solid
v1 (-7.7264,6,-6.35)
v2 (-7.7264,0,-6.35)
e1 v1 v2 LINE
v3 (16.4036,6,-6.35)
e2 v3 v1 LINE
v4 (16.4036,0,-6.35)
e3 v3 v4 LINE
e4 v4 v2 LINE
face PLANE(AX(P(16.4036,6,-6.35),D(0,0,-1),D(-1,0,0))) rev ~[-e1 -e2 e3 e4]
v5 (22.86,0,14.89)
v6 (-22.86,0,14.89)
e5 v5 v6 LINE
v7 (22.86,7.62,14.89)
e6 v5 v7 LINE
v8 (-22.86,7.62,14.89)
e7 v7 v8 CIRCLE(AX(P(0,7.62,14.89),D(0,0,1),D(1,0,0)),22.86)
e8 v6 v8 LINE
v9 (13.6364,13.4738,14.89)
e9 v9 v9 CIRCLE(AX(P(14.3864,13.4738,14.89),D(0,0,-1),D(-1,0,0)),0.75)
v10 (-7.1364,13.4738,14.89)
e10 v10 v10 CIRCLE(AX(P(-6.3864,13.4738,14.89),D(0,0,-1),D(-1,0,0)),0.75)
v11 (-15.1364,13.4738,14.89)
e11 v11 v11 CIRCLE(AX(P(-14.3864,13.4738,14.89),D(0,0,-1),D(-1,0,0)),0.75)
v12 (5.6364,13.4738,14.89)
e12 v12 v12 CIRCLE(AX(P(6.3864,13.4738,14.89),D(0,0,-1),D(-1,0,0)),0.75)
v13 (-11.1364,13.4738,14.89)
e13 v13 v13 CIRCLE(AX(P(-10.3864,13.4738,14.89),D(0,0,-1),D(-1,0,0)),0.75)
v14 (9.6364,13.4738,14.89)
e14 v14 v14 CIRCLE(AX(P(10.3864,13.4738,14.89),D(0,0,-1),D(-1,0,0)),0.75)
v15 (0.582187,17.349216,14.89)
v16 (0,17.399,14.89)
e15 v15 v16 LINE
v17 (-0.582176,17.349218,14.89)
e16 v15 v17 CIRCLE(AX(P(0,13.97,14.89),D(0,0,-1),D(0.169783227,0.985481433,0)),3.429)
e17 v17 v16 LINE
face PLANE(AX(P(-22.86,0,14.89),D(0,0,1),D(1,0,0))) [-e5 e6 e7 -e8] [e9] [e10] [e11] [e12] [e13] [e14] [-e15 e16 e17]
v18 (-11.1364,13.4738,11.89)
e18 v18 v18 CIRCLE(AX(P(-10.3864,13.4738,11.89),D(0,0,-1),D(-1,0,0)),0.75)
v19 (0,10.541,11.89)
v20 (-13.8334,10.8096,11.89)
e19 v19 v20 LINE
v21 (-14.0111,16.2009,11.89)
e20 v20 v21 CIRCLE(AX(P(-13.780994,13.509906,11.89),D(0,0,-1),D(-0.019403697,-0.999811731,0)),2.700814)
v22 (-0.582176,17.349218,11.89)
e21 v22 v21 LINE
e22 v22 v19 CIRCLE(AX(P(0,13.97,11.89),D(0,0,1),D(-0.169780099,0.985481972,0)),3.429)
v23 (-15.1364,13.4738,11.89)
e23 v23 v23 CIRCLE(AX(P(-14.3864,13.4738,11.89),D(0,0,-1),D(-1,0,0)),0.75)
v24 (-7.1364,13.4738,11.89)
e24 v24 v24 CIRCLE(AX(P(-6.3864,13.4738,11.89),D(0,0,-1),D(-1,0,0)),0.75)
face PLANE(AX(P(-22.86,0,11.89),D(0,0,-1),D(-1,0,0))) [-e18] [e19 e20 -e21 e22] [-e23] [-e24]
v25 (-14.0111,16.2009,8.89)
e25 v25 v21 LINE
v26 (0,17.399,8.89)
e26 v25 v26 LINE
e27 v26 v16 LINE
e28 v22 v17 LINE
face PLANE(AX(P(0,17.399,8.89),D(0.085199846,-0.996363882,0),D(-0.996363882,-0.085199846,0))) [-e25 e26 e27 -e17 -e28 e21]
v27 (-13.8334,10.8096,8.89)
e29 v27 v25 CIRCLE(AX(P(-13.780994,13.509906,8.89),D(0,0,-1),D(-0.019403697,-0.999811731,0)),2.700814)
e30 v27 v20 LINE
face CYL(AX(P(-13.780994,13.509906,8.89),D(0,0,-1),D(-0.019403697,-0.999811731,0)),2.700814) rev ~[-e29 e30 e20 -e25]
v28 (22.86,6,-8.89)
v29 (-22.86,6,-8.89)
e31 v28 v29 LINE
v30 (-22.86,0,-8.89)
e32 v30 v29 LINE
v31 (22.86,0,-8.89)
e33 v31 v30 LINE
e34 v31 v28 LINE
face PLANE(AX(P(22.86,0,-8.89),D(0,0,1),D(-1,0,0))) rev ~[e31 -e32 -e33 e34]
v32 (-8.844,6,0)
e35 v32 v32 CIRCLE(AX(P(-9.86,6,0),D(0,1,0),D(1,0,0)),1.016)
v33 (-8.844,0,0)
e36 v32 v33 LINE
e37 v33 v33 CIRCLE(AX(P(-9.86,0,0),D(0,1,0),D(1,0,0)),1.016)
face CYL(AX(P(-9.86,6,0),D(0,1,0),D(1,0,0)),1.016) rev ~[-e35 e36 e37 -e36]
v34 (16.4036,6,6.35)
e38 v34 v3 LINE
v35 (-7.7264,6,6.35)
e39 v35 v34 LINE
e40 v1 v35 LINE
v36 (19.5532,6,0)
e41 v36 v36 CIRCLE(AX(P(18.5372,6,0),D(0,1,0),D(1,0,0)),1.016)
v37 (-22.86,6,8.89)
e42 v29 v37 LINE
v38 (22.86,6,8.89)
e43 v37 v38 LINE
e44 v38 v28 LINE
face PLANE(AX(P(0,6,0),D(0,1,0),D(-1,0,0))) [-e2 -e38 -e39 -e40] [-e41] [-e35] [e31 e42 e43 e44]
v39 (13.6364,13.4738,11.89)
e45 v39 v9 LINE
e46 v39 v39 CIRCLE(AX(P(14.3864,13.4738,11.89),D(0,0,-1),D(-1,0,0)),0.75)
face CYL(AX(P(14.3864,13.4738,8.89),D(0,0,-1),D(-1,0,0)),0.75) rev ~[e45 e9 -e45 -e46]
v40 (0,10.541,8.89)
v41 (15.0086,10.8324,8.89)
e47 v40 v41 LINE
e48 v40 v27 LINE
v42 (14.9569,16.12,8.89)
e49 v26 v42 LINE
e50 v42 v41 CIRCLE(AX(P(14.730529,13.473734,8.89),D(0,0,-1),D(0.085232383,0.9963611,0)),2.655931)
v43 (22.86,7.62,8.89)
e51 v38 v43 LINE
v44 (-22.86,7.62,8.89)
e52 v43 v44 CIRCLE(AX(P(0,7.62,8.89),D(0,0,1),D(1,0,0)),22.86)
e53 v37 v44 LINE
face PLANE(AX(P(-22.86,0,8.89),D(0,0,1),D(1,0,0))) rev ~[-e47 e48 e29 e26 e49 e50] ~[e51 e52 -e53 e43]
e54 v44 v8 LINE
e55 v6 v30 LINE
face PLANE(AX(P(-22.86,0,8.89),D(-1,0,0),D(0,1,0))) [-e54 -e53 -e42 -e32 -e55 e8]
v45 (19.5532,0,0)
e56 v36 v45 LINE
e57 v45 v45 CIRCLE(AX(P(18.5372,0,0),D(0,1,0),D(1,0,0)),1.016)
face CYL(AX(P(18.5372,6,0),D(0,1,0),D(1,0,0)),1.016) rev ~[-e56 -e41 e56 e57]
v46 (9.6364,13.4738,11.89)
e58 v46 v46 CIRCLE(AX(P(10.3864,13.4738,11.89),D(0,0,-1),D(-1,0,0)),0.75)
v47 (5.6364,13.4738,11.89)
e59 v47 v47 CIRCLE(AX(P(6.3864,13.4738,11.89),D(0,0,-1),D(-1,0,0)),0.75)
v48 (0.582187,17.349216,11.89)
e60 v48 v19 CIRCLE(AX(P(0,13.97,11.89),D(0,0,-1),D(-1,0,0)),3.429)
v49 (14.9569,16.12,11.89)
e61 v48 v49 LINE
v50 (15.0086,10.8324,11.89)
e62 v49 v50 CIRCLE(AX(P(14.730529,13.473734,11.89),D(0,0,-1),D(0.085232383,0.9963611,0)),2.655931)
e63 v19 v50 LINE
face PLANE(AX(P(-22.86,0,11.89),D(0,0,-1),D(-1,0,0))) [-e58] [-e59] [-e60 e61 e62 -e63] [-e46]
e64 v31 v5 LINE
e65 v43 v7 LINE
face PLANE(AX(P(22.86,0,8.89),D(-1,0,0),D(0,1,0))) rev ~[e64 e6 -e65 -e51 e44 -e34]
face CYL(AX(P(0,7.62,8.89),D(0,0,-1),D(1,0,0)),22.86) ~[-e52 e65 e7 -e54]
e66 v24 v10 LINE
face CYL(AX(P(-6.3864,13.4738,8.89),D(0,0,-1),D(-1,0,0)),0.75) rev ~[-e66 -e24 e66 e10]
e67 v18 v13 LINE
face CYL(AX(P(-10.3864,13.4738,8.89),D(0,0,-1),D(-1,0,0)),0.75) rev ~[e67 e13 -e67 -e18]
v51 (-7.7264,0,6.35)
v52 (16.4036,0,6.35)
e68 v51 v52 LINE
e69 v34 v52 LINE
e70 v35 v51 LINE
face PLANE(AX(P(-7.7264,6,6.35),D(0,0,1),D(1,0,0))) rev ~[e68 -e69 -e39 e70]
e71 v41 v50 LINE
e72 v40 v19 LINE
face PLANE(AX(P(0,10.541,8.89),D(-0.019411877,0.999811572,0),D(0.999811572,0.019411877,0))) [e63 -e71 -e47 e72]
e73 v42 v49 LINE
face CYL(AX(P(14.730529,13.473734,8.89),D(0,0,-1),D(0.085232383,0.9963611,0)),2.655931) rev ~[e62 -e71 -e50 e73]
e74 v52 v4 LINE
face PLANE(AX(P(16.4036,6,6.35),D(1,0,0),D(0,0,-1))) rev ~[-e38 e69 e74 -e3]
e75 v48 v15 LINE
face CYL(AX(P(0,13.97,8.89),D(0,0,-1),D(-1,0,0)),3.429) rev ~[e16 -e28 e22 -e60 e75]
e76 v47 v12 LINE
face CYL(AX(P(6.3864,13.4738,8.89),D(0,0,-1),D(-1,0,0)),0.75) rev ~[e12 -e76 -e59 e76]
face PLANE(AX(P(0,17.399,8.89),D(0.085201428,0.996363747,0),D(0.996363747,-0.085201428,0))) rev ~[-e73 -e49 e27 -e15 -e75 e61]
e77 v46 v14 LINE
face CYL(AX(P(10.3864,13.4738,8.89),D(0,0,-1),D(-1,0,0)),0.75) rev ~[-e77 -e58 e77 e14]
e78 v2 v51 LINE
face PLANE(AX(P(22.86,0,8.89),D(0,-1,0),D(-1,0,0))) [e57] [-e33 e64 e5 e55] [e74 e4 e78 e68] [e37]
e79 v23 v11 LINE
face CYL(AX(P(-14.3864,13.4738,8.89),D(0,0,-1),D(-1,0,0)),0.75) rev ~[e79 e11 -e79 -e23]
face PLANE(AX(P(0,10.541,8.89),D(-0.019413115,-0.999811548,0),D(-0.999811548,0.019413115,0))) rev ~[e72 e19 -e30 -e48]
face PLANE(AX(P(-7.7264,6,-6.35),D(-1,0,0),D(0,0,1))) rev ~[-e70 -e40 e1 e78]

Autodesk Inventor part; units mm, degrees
ref_plane "YZ Plane" through (0, 0, 0) normal (1, 0, 0) x (0, 1, 0)
ref_plane "XZ Plane" through (0, 0, 0) normal (0, 1, 0) x (-1, 0, 0)
ref_plane "XY Plane" through (0, 0, 0) normal (0, 0, 1) x (1, 0, 0)
sketch "Sketch1" plane through (0, 0, 0) normal (0, 1, 0) x (-1, 0, 0)
  line L0 (22.86, 8.89) -> (-22.86, 8.89)
  line L1 (-22.86, 8.89) -> (-22.86, -8.89)
  line L2 (-22.86, -8.89) -> (22.86, -8.89)
  line L3 (22.86, -8.89) -> (22.86, 8.89)
  point P0 (0, 0)
  point P1 (0, 0)
  point P2 (0, -8.89)
  point P3 (22.86, 0)
  dimension "d0" = 45.72
  dimension "d1" = 17.78
extrude "Extrusion1" add sketch "Sketch1" along normal blind 6
sketch "Sketch2" plane through (0, 6, 0) normal (0, 1, 0) x (1, 0, 0)
  line L0 (-7.7264, -6.35) -> (16.4036, -6.35)
  line L1 (16.4036, -6.35) -> (16.4036, 6.35)
  line L2 (16.4036, 6.35) -> (-7.7264, 6.35)
  line L3 (-7.7264, 6.35) -> (-7.7264, -6.35)
  circle A0 centre (-9.86, 0) radius 1.016
  circle A1 centre (18.5372, 0) radius 1.016
  line L4 (22.86, -8.89) -> (22.86, 8.89) projected
  line L5 (-22.86, 8.89) -> (-22.86, -8.89) projected
  point P0 (4.3386, 0)
  point P1 (4.3386, 0)
  point P2 (-7.7264, 0)
  point P3 (4.3386, 6.35)
  point P4 (-22.86, 0)
  dimension "d4" = 24.13
  dimension "d5" = 12.7
  dimension "d6" = 2.032
  dimension "d7" = 2.032
  dimension "d8" = 2.1336
  dimension "d9" = 2.1336
  dimension "d31" = 13
extrude "Extrusion2" cut sketch "Sketch2" against normal through all
sketch "Sketch3" plane through (-22.86, 0, 8.89) normal (0, 0, 1) x (1, 0, 0)
  line L0 (45.72, 0) -> (0, 0) projected
  line L1 (0, 0) -> (0, 7.62)
  line L2 (45.72, 0) -> (45.72, 7.62)
  arc A0 (45.72, 7.62) -> (0, 7.62) centre (22.86, 7.62) ccw
  point P0 (22.86, 0)
  dimension "d12" = 7.62
  dimension "d13" = 7.62
extrude "Extrusion3" add sketch "Sketch3" along normal blind 6
sketch "Sketch4" plane through (-22.86, 0, 8.89) normal (0, 0, -1) x (-1, 0, 0)
  arc A0 (0, 7.62) -> (-45.72, 7.62) centre (-22.86, 7.62) ccw projected
  circle A1 centre (-22.86, 13.97) radius 3.429
  line L0 (-22.86, 17.399) -> (-37.8169, 16.12)
  line L1 (-22.86, 10.541) -> (-37.8686, 10.8324)
  arc A2 (-37.8169, 16.12) -> (-37.8686, 10.8324) centre (-37.5906, 13.4738) ccw
  arc A3 (-9.0266, 10.8096) -> (-8.8489, 16.2009) centre (-9.079, 13.5099) ccw
  line L2 (-22.86, 17.399) -> (-8.8489, 16.2009)
  line L3 (-22.86, 10.541) -> (-9.0266, 10.8096)
  point P0 (-22.86, 0)
  point P1 (-22.86, 30.48)
  point P2 (-22.86, 30.48)
  point P3 (-6.3797, 13.421)
  point P4 (-22.86, 30.48)
  point P5 (-23.4422, 17.3492)
  point P6 (-22.9931, 10.5436)
  point P7 (-22.7269, 10.5436)
  point P8 (-22.2778, 17.3492)
  dimension "d24" = 6
  dimension "d25" = 6.858
  dimension "d26" = 6
  dimension "d27" = 13.781
  dimension "d28" = 16.51
extrude "Extrusion4" cut sketch "Sketch4" against normal blind 10 contours A1 L0 L2
extrude "Extrusion6" cut sketch "Sketch4" against normal blind 3 contours L1 A2 L0 A1 | A1 L2 A3 L3
sketch "Sketch5" plane through (-22.86, 0, 8.89) normal (0, 0, -1) x (-1, 0, 0)
  circle A0 centre (-37.2464, 13.4738) radius 0.75
  circle A1 centre (-33.2464, 13.4738) radius 0.75
  circle A2 centre (-29.2464, 13.4738) radius 0.75
  arc A3 (-37.8169, 16.12) -> (-37.8686, 10.8324) centre (-37.5906, 13.4738) ccw projected
  line L0 (-22.86, 20.4173) -> (-22.86, 7.5227)
  arc A4 (-23.4422, 17.3492) -> (-22.9931, 10.5436) centre (-22.86, 13.97) ccw projected
  arc A5 (-22.7269, 10.5436) -> (-22.2778, 17.3492) centre (-22.86, 13.97) ccw projected
  circle A6 centre (-12.4736, 13.4738) radius 0.75
  circle A7 centre (-8.4736, 13.4738) radius 0.75
  circle A8 centre (-16.4736, 13.4738) radius 0.75
  point P0 (-22.86, 0)
  point P1 (-40.2464, 13.4998)
  dimension "d32" = 1.5
  dimension "d36" = 1.5
  dimension "d37" = 1.5
  dimension "d44" = 3
  dimension "d49" = 4
  dimension "d50" = 4
extrude "Extrusion7" cut sketch "Sketch5" against normal through all
properties part number "unions1s2lado2"
